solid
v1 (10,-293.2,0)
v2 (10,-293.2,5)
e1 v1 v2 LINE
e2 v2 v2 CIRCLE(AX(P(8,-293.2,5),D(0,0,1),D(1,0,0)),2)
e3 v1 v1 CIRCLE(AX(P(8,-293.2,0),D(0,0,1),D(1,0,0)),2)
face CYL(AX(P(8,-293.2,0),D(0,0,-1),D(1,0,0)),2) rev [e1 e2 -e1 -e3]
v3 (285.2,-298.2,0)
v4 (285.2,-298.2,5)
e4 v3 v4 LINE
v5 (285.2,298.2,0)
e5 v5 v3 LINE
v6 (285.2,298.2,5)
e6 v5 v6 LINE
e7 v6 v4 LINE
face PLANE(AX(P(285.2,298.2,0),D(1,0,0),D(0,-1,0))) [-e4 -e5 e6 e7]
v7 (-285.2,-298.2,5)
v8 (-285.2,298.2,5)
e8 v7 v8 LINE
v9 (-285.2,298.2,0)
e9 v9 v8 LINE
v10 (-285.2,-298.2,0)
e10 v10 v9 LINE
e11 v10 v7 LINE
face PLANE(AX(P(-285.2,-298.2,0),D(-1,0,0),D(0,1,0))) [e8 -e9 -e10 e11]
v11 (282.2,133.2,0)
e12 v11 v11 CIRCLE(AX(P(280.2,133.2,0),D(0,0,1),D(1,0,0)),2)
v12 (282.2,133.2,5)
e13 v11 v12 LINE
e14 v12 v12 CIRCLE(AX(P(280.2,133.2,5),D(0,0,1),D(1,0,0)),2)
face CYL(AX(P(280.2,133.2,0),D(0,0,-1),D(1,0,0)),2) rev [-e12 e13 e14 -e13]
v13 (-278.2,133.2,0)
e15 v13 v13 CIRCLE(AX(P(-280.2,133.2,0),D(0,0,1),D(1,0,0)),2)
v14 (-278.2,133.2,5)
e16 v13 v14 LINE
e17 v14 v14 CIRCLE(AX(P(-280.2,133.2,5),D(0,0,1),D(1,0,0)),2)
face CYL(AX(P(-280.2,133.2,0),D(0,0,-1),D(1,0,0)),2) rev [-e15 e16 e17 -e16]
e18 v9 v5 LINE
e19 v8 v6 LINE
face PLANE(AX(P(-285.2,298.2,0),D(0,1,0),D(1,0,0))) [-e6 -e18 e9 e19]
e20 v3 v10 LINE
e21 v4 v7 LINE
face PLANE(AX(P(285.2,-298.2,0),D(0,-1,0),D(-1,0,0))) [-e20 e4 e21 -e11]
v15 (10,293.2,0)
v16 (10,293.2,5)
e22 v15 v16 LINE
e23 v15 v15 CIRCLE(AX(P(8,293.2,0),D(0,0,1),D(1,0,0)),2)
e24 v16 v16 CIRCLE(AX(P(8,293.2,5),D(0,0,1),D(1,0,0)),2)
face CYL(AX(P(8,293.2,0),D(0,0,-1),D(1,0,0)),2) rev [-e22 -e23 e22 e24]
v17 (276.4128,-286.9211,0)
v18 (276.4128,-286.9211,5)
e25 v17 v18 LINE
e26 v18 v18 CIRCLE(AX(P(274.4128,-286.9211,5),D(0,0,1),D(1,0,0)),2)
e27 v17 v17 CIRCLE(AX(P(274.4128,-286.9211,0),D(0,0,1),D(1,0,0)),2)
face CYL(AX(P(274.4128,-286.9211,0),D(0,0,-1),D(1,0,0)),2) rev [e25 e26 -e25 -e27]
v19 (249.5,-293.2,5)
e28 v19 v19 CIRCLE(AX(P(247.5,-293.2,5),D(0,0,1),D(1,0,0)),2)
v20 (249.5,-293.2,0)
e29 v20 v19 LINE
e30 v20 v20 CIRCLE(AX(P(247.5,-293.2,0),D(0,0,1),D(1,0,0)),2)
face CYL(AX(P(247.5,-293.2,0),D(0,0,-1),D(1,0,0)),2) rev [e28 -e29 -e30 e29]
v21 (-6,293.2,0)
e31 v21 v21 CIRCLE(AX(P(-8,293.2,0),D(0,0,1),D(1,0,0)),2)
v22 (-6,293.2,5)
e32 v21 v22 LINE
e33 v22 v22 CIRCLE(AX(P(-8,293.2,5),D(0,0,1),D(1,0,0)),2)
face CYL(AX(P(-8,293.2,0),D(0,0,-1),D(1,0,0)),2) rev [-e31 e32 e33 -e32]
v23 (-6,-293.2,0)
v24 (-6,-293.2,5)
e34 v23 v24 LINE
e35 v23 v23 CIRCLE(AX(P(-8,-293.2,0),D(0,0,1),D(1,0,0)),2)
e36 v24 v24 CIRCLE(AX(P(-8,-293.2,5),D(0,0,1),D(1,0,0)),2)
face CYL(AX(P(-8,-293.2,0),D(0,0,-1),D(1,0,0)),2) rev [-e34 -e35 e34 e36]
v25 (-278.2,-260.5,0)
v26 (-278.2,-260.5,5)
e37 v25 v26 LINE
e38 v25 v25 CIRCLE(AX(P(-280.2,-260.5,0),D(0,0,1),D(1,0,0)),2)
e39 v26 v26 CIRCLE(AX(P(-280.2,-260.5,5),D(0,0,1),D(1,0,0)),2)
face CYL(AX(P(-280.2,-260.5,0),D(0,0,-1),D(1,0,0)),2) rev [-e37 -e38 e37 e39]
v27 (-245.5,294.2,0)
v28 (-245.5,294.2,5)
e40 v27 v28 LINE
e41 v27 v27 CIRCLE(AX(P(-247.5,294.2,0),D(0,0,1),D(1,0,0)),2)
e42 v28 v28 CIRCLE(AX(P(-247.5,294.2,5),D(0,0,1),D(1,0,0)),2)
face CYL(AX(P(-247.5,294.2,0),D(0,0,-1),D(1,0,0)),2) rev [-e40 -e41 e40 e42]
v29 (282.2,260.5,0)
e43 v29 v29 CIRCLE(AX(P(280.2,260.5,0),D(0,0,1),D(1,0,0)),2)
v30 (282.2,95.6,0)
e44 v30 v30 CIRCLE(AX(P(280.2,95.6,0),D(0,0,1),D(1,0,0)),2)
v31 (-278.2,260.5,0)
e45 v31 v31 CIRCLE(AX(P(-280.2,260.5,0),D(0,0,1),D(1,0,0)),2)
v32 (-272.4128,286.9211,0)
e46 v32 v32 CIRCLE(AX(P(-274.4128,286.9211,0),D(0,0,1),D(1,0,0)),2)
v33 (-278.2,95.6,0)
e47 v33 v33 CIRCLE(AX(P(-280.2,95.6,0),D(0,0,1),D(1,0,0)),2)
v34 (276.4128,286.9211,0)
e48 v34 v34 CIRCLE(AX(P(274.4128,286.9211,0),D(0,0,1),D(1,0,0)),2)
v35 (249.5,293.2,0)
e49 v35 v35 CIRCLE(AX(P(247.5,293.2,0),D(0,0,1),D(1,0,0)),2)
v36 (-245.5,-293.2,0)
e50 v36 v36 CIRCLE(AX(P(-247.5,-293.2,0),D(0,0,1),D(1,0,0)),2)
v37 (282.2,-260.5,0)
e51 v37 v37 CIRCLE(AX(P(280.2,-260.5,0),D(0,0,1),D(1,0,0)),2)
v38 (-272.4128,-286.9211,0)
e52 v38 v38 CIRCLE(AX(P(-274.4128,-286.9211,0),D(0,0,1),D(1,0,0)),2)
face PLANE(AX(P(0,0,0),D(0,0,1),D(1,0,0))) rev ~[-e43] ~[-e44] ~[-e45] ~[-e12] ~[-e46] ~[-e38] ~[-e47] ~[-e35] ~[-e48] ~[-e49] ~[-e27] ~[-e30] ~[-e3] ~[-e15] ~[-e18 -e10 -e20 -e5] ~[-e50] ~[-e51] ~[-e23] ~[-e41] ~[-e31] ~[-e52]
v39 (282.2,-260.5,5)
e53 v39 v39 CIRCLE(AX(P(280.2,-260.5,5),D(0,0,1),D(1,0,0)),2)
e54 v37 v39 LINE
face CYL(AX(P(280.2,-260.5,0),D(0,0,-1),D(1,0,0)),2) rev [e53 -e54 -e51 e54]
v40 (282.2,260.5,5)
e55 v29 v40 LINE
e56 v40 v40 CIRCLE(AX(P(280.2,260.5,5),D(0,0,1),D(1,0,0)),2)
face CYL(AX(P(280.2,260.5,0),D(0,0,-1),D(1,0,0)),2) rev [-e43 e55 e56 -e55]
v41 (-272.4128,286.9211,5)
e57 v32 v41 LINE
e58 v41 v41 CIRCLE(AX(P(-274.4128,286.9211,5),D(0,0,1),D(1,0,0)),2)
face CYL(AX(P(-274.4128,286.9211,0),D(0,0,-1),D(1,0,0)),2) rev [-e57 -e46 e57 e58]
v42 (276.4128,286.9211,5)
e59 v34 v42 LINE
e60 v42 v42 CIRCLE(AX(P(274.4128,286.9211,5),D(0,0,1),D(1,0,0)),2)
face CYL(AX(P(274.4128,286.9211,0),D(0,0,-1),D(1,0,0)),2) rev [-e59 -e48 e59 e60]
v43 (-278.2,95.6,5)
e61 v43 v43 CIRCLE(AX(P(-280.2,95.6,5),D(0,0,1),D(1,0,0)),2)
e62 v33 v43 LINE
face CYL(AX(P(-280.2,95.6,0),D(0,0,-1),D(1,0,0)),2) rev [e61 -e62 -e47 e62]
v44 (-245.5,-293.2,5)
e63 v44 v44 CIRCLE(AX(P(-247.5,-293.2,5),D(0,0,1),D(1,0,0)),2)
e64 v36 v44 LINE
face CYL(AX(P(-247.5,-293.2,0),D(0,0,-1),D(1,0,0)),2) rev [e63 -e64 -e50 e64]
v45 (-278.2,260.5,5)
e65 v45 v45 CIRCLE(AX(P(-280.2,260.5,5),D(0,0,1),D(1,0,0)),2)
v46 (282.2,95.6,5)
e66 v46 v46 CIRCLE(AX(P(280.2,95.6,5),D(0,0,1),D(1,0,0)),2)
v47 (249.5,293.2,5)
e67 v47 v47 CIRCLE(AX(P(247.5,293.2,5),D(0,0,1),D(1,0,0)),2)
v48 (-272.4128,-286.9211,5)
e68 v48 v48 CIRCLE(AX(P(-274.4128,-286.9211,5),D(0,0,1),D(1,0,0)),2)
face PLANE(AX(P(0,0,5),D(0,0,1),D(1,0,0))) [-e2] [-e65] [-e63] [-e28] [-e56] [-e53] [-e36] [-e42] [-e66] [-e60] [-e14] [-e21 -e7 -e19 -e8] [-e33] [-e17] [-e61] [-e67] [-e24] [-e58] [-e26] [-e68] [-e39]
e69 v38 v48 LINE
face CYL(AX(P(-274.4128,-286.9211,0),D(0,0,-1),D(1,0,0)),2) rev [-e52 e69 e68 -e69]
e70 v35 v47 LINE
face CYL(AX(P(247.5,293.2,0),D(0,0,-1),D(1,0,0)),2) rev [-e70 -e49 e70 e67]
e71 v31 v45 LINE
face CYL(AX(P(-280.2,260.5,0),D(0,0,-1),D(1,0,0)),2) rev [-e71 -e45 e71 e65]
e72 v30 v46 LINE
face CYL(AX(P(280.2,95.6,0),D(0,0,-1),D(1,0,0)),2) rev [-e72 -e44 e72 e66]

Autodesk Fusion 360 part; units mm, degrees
sketch "Sketch1" plane through (0, 0, 0) normal (0, 0, 1) x (1, 0, 0)
  line L0 (285.2, -298.2) -> (-285.2, -298.2)
  line L1 (-285.2, -298.2) -> (-285.2, 298.2)
  line L2 (-285.2, 298.2) -> (285.2, 298.2)
  line L3 (285.2, 298.2) -> (285.2, -298.2)
  line L4 (285.2, -298.2) -> (-285.2, 298.2) construction
  line L5 (-285.2, -298.2) -> (285.2, 298.2) construction
  circle A0 centre (-247.5, 294.2) radius 2
  circle A1 centre (-280.2, 260.5) radius 2
  circle A2 centre (-247.5, -293.2) radius 2
  circle A3 centre (-280.2, -260.5) radius 2
  circle A4 centre (247.5, 293.2) radius 2
  circle A5 centre (280.2, 260.5) radius 2
  circle A6 centre (247.5, -293.2) radius 2
  circle A7 centre (280.2, -260.5) radius 2
  line L6 (0, -298.2) -> (0, 298.2) construction
  circle A8 centre (8, 293.2) radius 2
  circle A9 centre (8, -293.2) radius 2
  circle A10 centre (-274.4128, -286.9211) radius 2
  circle A11 centre (274.4128, -286.9211) radius 2
  circle A12 centre (274.4128, 286.9211) radius 2
  circle A13 centre (-274.4128, 286.9211) radius 2
  circle A14 centre (-8, -293.2) radius 2
  circle A15 centre (-8, 293.2) radius 2
  line L7 (285.2, 114.4) -> (-285.2, 114.4) construction
  circle A16 centre (280.2, 95.6) radius 2
  circle A17 centre (280.2, 133.2) radius 2
  circle A18 centre (-280.2, 133.2) radius 2
  circle A19 centre (-280.2, 95.6) radius 2
  dimension "d1" = 570.4
  dimension "d2" = 596.4
  dimension "d4" = 4
  dimension "d5" = 4
  dimension "d6" = 4
  dimension "d7" = 37.7
  dimension "d8" = 4
  dimension "d9" = 4
  dimension "d13" = 4
  dimension "d14" = 4
  dimension "d17" = 4
  dimension "d18" = 4
  dimension "d23" = 4
  dimension "d24" = 4
  dimension "d25" = 5
  dimension "d26" = 5
  dimension "d30" = 5
  dimension "d31" = 5
  dimension "d32" = 4
  dimension "d33" = 15.607
  dimension "d34" = 5
  dimension "d35" = 5
  dimension "d36" = 37.7
  dimension "d37" = 37.7
  dimension "d38" = 37.7
  dimension "d39" = 37.7
  dimension "d40" = 4
  dimension "d41" = 15.607
  dimension "d42" = 5
  dimension "d43" = 37.7
  dimension "d44" = 5
  dimension "d45" = 37.7
  dimension "d46" = 4
  dimension "d47" = 15.607
  dimension "d48" = 4
  dimension "d49" = 15.607
  dimension "d50" = 37.7
  dimension "d51" = 5
  dimension "d52" = 4
  dimension "d53" = 8
  dimension "d54" = 8
  dimension "d55" = 5
  dimension "d56" = 8
  dimension "d57" = 4
  dimension "d58" = 8
  dimension "d59" = 5
  dimension "d60" = 412.6
  dimension "d61" = 4
  dimension "d62" = 4
  dimension "d63" = 18.8
  dimension "d64" = 18.8
  dimension "d65" = 5
  dimension "d66" = 5
  dimension "d67" = 4
  dimension "d68" = 4
  dimension "d69" = 18.8
  dimension "d70" = 18.8
  dimension "d71" = 5
  dimension "d72" = 5
extrude "Extrude1" add sketch "Sketch1" along normal blind 5 makes body 1
copy_body "Body->Comp1" bodies 1 removing the originals makes body 2 in component "Bottom"
component "Bottom" placed x (1, 0, 0) y (0, 1, 0) z (0, 0, 1) at (0, 0, 0)
equation "d1 = XRailLength + 220.4 mm"
equation "d2 = YRailLength + 246.4 mm"
equation "d60 = YRailLength + 62.6 mm"
equation "d63 = ( 37.6 / 2 ) * 1 mm"
equation "d64 = ( 37.6 / 2 ) * 1 mm"
equation "d69 = ( 37.6 / 2 ) * 1 mm"
equation "d70 = ( 37.6 / 2 ) * 1 mm"
equation "XRailLength = 350 mm"
equation "YRailLength = 350 mm"
